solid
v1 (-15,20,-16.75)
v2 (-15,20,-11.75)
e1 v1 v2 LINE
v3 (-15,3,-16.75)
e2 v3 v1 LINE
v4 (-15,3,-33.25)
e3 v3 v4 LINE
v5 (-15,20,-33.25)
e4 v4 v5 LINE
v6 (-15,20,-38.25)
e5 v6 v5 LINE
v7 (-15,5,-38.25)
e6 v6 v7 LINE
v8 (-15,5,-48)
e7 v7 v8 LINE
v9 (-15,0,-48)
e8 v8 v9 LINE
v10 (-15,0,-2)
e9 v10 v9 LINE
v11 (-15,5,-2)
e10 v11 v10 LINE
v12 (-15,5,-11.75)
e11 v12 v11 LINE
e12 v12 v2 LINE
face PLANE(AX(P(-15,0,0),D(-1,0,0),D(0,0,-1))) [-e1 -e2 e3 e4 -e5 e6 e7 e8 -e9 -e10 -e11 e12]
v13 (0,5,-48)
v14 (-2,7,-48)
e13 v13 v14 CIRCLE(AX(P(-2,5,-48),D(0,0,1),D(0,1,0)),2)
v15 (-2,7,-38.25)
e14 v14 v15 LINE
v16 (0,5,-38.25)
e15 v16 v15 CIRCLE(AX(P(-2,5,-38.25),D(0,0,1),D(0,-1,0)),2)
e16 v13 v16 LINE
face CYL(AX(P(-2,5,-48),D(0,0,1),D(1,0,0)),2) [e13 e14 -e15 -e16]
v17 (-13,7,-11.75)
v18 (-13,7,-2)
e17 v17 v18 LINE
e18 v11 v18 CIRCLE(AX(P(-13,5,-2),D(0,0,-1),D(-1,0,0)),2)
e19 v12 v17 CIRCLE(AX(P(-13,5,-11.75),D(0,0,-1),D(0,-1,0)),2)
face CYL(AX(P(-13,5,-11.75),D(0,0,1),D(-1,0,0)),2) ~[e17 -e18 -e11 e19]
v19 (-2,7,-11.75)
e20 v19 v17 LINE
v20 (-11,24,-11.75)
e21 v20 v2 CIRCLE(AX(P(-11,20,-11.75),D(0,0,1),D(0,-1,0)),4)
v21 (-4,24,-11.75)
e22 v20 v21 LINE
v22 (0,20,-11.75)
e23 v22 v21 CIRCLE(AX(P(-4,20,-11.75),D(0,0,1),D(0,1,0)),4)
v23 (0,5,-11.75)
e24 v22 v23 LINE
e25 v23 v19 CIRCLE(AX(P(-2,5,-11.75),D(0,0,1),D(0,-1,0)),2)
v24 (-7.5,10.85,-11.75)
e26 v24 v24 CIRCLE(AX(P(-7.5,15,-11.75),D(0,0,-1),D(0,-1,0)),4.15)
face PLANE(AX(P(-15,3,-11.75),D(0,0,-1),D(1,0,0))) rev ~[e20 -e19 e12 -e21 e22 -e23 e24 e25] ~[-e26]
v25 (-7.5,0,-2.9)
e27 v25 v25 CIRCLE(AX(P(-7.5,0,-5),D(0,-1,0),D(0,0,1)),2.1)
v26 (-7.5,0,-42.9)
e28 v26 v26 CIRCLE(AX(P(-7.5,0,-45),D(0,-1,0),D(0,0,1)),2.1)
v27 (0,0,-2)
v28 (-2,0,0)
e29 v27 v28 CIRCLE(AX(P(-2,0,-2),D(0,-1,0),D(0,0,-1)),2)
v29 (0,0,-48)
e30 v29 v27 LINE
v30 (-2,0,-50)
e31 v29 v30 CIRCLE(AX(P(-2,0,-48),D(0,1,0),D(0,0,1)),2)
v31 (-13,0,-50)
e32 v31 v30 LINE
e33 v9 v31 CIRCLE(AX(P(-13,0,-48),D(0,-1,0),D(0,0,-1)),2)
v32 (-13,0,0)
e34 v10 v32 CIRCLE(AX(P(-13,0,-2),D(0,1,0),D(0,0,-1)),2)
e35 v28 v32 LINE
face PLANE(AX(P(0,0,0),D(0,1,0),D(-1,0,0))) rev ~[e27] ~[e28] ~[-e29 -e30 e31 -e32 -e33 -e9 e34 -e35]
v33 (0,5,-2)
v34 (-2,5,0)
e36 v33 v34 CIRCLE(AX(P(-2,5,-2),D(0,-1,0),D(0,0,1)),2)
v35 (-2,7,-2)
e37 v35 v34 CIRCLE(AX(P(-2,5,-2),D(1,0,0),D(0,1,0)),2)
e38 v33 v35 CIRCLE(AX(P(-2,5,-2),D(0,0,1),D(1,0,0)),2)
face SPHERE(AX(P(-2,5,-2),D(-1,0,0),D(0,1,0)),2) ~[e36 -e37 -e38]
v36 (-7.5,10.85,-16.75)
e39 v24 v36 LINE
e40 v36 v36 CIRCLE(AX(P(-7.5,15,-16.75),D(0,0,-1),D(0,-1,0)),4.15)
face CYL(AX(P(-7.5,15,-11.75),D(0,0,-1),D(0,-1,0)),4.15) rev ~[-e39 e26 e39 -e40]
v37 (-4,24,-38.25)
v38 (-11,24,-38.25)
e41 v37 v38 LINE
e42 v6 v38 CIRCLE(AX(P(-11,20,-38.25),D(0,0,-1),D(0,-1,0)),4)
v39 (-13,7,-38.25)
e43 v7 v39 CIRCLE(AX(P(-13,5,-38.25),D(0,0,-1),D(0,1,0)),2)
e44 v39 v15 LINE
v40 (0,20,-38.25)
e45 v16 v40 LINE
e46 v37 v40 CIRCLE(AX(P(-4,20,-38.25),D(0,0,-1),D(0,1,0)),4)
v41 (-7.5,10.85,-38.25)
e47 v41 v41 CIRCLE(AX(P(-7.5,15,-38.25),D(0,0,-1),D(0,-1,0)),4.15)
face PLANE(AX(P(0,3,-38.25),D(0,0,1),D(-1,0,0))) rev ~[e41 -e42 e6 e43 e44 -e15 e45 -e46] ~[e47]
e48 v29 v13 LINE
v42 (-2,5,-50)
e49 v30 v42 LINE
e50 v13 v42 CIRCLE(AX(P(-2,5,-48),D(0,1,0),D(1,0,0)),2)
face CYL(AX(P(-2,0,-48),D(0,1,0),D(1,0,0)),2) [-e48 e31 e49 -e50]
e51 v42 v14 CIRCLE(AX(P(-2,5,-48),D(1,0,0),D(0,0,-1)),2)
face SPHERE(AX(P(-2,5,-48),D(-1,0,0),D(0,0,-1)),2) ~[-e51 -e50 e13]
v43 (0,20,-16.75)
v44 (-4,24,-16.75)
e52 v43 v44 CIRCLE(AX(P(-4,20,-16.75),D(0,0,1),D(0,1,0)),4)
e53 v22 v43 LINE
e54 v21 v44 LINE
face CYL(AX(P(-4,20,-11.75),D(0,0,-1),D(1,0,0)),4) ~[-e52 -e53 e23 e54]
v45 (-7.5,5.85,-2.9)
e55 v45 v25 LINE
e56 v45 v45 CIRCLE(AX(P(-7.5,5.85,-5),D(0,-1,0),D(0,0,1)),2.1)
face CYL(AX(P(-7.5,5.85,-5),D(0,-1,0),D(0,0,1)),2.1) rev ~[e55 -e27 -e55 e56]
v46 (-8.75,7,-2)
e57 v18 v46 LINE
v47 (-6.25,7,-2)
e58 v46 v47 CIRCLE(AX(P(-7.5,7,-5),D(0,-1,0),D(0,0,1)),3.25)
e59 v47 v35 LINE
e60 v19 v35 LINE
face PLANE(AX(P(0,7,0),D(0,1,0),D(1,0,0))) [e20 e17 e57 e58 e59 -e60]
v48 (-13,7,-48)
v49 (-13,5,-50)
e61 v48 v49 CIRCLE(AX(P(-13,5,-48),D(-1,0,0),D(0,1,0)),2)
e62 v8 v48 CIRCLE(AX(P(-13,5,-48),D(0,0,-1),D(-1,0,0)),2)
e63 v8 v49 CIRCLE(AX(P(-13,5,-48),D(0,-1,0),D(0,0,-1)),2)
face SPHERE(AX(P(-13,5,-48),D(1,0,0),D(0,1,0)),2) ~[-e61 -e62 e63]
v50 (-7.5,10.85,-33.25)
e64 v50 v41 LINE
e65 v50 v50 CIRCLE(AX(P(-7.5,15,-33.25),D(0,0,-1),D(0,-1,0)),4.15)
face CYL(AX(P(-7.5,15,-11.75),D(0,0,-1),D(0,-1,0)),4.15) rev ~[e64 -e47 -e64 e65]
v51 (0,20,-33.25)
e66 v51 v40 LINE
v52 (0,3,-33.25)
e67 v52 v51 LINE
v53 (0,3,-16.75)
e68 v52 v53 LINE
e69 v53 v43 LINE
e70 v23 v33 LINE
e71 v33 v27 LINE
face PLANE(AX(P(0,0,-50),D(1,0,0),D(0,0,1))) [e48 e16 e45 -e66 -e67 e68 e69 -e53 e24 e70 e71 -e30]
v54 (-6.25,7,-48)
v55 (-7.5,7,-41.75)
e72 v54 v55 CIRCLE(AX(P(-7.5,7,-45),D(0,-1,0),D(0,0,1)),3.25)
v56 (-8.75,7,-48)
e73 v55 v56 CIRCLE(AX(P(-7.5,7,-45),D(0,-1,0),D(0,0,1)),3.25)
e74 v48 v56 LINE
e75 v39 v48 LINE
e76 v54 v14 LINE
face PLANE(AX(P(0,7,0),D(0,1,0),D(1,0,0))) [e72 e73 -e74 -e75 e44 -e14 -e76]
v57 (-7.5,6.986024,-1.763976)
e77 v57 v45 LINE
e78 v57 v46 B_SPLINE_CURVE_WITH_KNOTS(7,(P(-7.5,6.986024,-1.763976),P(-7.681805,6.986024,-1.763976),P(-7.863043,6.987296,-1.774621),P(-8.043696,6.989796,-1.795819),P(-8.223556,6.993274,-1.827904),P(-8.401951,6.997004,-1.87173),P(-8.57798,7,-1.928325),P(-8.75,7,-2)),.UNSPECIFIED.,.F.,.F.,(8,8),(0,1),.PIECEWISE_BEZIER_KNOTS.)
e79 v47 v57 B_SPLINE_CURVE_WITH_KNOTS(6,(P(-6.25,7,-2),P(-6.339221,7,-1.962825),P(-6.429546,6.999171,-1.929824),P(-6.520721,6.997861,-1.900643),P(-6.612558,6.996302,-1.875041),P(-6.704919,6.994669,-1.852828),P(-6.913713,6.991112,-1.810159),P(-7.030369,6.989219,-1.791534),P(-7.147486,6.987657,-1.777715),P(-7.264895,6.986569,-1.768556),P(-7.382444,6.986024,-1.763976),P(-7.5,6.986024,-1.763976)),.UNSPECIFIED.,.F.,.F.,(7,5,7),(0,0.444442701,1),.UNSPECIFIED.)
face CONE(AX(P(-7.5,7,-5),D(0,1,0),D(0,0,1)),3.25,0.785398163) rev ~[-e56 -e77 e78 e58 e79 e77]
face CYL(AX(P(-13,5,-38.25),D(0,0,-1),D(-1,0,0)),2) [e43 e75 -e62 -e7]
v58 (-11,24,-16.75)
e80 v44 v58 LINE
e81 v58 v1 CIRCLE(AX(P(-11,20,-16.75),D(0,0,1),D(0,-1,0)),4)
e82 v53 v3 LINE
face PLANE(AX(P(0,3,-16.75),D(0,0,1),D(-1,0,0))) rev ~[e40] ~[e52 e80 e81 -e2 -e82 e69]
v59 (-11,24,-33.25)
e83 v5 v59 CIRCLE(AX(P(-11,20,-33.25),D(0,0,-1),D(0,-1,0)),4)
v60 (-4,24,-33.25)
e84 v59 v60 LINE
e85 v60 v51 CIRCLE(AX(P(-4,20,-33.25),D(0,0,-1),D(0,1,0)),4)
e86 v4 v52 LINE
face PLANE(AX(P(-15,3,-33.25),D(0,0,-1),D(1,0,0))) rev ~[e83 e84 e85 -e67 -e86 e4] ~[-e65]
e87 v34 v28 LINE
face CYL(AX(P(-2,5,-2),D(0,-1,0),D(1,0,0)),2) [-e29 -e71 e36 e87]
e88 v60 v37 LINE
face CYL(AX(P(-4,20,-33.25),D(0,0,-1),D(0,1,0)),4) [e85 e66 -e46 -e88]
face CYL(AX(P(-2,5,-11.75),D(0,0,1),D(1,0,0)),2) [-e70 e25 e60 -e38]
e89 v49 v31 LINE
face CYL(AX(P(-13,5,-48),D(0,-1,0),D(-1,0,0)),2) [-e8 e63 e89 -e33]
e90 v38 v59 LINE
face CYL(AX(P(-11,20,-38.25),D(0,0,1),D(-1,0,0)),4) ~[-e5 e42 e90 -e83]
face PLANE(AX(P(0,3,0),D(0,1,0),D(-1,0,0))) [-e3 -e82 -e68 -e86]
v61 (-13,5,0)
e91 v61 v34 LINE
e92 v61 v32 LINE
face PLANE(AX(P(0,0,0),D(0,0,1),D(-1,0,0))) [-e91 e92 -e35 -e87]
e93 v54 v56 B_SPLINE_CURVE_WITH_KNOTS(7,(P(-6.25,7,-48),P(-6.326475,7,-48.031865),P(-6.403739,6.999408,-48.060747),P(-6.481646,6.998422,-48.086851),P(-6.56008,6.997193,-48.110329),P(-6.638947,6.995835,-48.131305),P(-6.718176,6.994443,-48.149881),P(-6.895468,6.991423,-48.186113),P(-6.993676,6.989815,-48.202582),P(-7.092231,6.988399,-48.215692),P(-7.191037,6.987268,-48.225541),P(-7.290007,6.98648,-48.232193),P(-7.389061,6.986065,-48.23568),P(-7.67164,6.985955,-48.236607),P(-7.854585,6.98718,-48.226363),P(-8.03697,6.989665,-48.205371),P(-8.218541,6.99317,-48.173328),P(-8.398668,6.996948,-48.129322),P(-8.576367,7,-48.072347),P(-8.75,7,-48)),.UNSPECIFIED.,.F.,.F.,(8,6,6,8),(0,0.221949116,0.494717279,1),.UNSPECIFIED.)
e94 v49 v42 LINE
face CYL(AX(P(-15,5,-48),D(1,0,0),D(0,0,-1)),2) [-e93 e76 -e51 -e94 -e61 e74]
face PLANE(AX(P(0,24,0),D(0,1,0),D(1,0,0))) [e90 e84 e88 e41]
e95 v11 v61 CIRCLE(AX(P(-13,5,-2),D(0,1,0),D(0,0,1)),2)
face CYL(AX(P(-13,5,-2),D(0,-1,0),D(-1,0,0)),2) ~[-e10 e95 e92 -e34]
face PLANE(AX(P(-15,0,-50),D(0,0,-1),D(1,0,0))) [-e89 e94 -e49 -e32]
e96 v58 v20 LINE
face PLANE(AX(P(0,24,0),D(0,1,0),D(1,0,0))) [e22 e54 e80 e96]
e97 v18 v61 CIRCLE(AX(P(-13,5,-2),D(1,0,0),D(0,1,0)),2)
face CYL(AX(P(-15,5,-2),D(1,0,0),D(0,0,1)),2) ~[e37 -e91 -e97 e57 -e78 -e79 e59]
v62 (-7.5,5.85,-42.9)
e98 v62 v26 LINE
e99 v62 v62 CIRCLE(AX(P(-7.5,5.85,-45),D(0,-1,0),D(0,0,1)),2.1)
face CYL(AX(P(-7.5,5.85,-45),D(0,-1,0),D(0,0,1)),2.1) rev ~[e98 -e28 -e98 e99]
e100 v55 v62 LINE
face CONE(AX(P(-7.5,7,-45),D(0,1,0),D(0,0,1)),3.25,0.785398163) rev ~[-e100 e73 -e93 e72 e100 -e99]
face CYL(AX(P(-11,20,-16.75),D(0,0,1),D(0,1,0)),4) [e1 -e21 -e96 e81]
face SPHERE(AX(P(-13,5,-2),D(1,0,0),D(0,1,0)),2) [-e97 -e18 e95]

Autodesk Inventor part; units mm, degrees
ref_plane "YZ Plane" through (0, 0, 0) normal (1, 0, 0) x (0, 1, 0)
ref_plane "XZ Plane" through (0, 0, 0) normal (0, 1, 0) x (-1, 0, 0)
ref_plane "XY Plane" through (0, 0, 0) normal (0, 0, 1) x (1, 0, 0)
sketch "Esquisse1" plane through (0, 0, 0) normal (0, 1, 0) x (-1, 0, 0)
  line L0 (0, 0) -> (15, 0)
  line L1 (15, 0) -> (15, -50)
  line L2 (15, -50) -> (0, -50)
  line L3 (0, -50) -> (0, 0)
  dimension "d0" = 50
  dimension "d1" = 15
extrude "Extrusion1" add sketch "Esquisse1" along normal blind 3
sketch "Esquisse2" plane through (0, 3, 0) normal (0, 1, 0) x (1, 0, 0)
  line L0 (-15, 50) -> (-15, 0) projected
  line L1 (-15, 11.75) -> (0, 11.75)
  line L2 (0, 11.75) -> (0, 38.25)
  line L3 (0, 38.25) -> (-15, 38.25)
  line L4 (-15, 38.25) -> (-15, 11.75)
  line L5 (-15, 0) -> (0, 0) projected
  line L6 (0, 50) -> (-15, 50) projected
  line L7 (-15, 11.75) -> (0, 11.75)
  line L8 (0, 11.75) -> (0, 16.75)
  line L9 (0, 16.75) -> (-15, 16.75)
  line L10 (-15, 16.75) -> (-15, 11.75)
  line L11 (-15, 33.25) -> (0, 33.25)
  line L12 (0, 33.25) -> (0, 38.25)
  line L13 (0, 38.25) -> (-15, 38.25)
  line L14 (-15, 38.25) -> (-15, 33.25)
  dimension "d4" = 15
  dimension "d5" = 11.75
  dimension "d6" = 11.75
  dimension "d7" = 5
  dimension "d8" = 5
extrude "Extrusion2" add sketch "Esquisse2" along normal blind 21 contours L3 L2 L11 L0 | L9 L2 L1 L0
sketch "Esquisse3" plane through (-15, 3, -11.75) normal (0, 0, 1) x (1, 0, 0)
  line L0 (0, 0) -> (15, 0) projected
  line L1 (0, 0) -> (0, 21) projected
  point P0 (15, -3)
  point P1 (7.5, 12)
  dimension "d11" = 12
  dimension "d12" = 7.5
hole "Perçage1" at (-7.5, 15, -11.75) direction (0, 0, -1) diameter 8.3 depth 100 tip angle 118
fillet "Congé1" radius 4 1 edges at (0, 24, -14.25)
fillet "Congé2" radius 4 1 edges at (-15, 24, -14.25)
fillet "Congé3" radius 4 1 edges at (-15, 24, -35.75)
fillet "Congé4" radius 4 1 edges at (0, 24, -35.75)
sketch "Esquisse4" plane through (0, 3, 0) normal (0, 1, 0) x (1, 0, 0)
  line L0 (0, 50) -> (0, 0) projected
  line L1 (-15, 0) -> (0, 0)
  line L2 (0, 0) -> (0, 11.75)
  line L3 (0, 11.75) -> (-15, 11.75)
  line L4 (-15, 11.75) -> (-15, 0)
  line L5 (-15, 0) -> (-15, 50) projected
  line L6 (-15, 38.25) -> (0, 38.25) projected
  line L7 (-15, 50) -> (0, 50)
  line L8 (0, 50) -> (0, 38.25)
  line L9 (0, 38.25) -> (-15, 38.25)
  line L10 (-15, 38.25) -> (-15, 50)
  dimension "d24" = 11.75
  dimension "d25" = 15
extrude "Extrusion3" add sketch "Esquisse4" along normal blind 4 contours L0 L6 L5 L7 | L0 L1 L4 L3
fillet "Congé5" radius 2 1 edges at (-7.5, 7, 0)
fillet "Congé6" radius 2 1 edges at (-7.5, 7, -50)
fillet "Congé7" radius 2 3 edges at (0, 7, -43.125) (0, 6.4142, -49.4142) (0, 2.5, -50)
fillet "Congé8" radius 2 3 edges at (0, 7, -6.875) (0, 6.4142, -0.5858) (0, 2.5, 0)
fillet "Congé9" radius 2 3 edges at (-15, 7, -6.875) (-15, 6.4142, -0.5858) (-15, 2.5, 0)
fillet "Congé10" radius 2 3 edges at (-15, 7, -43.125) (-15, 6.4142, -49.4142) (-15, 2.5, -50)
sketch "Esquisse5" plane through (0, 7, 0) normal (0, 1, 0) x (1, 0, 0)
  line L0 (-2, 50) -> (-13, 50) projected
  line L1 (0, 38.25) -> (0, 48) projected
  line L2 (0, 2) -> (0, 11.75) projected
  line L3 (-13, 0) -> (-2, 0) projected
  point P0 (0, 0)
  point P1 (-7.5, 45)
  point P2 (-7.5, 5)
  dimension "d34" = 5
  dimension "d35" = 7.5
  dimension "d36" = 7.5
  dimension "d37" = 5
hole "Perçage2" at (-7.5, 7, -45) at (-7.5, 7, -5) direction (0, -1, 0) diameter 4.2 depth 100 tip angle 118 countersink diameter 6.5 countersink angle 90
properties part number "support_roue_bascule"
